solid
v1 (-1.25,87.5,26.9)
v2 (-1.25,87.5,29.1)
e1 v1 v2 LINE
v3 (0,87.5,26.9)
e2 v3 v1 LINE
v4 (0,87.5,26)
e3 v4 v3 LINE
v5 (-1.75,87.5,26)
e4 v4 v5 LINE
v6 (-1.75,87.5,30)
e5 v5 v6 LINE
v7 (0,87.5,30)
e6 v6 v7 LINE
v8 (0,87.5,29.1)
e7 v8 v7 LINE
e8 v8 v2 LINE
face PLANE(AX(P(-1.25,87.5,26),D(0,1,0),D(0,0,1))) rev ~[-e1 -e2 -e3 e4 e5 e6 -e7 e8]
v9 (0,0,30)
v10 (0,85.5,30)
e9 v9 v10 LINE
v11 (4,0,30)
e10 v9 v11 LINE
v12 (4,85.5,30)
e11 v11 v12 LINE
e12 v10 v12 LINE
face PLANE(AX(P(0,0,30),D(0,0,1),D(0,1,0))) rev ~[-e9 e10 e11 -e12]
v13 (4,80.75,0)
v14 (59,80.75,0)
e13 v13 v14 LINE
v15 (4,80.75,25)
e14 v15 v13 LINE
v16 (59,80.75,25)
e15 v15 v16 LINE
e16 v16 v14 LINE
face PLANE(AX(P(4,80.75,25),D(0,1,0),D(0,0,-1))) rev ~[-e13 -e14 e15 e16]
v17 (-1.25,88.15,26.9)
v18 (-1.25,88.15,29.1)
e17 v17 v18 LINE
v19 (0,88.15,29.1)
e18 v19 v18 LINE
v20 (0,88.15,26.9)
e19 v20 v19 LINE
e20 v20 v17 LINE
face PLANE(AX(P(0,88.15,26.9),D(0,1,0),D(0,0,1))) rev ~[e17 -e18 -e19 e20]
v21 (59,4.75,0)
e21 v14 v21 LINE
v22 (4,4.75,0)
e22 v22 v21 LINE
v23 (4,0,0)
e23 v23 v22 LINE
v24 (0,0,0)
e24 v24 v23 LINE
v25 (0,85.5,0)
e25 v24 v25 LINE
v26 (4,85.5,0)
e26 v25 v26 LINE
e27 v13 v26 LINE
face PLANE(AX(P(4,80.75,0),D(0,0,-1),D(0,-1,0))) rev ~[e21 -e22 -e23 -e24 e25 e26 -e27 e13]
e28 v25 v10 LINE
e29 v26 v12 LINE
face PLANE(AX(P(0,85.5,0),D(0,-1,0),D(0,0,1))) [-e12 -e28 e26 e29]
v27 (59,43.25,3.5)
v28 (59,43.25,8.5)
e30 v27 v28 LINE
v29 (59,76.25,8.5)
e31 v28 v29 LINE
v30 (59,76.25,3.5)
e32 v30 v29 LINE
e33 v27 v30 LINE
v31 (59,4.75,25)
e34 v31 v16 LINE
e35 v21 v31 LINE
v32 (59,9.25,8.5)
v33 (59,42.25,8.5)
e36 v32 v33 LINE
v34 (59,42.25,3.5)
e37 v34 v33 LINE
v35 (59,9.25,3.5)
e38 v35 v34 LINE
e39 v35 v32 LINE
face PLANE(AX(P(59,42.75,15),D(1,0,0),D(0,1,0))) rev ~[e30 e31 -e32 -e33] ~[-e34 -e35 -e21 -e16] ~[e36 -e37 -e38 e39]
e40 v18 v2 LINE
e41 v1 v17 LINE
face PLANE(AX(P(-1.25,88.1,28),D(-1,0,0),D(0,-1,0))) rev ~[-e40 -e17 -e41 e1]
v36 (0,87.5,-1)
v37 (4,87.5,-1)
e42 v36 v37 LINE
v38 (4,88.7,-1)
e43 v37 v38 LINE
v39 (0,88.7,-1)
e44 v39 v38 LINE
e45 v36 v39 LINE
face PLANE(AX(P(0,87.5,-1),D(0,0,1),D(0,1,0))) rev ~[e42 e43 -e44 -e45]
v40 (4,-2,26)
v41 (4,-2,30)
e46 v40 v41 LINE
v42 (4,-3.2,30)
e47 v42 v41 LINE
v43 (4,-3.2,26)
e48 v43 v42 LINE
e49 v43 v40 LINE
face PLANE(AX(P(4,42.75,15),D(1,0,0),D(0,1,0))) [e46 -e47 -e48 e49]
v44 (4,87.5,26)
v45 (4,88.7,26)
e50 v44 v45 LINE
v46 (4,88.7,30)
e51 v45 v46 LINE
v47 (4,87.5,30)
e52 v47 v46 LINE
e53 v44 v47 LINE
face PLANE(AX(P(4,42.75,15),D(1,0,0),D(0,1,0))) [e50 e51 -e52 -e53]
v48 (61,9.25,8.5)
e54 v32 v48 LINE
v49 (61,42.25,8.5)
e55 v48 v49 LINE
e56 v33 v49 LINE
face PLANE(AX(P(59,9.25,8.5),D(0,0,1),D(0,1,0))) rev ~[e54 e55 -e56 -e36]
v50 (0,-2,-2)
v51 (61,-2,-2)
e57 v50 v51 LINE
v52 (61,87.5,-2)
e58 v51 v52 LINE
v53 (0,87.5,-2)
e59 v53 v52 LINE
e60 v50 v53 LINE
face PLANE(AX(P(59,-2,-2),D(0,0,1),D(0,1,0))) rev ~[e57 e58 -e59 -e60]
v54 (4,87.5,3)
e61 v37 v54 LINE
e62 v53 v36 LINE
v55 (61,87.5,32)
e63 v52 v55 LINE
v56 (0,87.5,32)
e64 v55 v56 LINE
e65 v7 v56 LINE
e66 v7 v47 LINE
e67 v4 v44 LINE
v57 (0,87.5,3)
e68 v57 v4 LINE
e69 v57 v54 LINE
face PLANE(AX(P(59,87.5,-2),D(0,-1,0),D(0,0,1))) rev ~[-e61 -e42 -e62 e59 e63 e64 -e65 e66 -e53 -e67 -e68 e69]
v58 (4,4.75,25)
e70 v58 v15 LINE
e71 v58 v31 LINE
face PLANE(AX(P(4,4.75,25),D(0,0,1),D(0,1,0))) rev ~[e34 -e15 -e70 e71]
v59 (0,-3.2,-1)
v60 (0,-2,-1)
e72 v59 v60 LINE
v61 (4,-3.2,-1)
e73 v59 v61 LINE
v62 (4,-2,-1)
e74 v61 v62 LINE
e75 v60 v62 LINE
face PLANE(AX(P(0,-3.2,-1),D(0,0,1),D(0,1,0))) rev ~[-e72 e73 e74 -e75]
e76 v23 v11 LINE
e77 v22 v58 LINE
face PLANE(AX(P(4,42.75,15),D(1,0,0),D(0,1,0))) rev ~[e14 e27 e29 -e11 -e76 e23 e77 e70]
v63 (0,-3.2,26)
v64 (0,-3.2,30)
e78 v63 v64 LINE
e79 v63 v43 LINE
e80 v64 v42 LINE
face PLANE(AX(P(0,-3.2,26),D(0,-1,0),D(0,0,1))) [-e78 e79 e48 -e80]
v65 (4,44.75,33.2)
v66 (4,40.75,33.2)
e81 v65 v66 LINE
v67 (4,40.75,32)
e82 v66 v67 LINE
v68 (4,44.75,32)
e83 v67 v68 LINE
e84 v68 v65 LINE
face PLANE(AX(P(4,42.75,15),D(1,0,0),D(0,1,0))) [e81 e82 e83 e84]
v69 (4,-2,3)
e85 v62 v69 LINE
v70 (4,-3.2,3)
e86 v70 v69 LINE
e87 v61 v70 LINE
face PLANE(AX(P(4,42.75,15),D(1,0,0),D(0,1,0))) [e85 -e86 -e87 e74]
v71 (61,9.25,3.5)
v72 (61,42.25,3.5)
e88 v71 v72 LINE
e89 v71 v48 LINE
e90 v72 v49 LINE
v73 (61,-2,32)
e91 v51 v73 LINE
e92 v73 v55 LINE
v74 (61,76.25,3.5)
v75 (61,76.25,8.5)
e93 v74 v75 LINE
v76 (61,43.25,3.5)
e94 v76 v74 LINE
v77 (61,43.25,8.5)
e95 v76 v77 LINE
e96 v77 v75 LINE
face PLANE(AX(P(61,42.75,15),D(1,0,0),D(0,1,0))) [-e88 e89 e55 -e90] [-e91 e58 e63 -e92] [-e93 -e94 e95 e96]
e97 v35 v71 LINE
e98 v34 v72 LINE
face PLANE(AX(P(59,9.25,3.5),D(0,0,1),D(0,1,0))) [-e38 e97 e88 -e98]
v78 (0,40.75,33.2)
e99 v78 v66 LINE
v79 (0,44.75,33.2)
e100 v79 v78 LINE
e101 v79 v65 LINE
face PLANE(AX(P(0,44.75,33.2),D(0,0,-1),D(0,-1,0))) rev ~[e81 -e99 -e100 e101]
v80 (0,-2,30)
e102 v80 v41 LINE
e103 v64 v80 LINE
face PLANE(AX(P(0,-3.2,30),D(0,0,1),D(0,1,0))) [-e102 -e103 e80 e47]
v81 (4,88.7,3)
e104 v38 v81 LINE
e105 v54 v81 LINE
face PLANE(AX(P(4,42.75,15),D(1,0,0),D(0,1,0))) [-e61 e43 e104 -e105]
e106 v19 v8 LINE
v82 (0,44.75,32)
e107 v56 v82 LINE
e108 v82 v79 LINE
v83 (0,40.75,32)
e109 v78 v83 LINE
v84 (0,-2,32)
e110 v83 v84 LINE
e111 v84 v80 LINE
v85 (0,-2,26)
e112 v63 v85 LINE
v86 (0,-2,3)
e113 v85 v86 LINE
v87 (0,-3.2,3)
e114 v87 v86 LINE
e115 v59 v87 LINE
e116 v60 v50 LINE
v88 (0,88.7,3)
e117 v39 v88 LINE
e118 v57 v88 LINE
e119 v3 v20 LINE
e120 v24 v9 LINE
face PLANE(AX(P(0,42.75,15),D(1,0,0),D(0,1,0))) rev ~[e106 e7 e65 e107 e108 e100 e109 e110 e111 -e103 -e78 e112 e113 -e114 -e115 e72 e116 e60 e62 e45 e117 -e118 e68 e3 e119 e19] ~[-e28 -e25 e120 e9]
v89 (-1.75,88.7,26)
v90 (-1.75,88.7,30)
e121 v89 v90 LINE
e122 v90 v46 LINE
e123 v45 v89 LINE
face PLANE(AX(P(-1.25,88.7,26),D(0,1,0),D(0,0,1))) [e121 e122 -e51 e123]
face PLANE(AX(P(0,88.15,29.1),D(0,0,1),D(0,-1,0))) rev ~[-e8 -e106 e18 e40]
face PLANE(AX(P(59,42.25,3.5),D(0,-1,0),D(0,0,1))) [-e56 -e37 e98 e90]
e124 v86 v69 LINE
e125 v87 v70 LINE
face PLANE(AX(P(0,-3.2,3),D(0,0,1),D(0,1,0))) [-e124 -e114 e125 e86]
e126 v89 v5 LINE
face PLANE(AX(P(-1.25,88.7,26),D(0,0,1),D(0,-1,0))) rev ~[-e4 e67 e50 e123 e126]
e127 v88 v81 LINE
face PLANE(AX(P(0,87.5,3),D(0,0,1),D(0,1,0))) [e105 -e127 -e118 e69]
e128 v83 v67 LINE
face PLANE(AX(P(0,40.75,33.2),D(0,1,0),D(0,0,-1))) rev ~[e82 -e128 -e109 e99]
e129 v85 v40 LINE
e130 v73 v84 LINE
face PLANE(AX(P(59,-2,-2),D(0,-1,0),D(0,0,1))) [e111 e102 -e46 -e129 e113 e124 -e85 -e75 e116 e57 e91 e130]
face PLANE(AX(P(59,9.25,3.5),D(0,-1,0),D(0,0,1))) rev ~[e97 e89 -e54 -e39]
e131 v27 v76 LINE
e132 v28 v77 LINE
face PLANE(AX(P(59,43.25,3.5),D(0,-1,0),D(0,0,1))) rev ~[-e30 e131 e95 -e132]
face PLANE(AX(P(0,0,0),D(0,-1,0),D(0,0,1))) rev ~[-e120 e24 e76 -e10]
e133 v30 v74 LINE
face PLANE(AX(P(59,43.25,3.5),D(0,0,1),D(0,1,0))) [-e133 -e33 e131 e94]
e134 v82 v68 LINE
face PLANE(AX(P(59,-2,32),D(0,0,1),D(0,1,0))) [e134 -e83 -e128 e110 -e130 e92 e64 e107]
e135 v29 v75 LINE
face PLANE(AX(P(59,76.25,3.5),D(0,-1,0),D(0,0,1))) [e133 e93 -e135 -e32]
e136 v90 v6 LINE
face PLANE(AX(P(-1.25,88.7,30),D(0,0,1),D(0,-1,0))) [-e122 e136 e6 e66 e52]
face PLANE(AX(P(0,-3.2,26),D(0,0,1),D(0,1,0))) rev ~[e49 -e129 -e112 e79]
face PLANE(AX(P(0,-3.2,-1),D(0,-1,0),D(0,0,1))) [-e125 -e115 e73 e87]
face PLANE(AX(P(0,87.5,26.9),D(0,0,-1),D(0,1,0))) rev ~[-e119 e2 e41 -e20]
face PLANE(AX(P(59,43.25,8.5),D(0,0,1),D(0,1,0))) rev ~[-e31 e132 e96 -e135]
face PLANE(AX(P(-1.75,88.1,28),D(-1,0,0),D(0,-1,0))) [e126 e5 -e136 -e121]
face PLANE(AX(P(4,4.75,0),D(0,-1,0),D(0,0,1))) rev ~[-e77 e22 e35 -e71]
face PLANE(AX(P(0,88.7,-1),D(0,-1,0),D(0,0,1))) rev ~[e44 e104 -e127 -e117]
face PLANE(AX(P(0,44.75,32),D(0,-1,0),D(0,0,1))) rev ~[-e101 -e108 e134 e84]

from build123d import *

# Parameters (mm, degrees)
F0_W     = 85.5
F0_H     = 30
F0_W_2   = 1.2
F0_H_2   = 4
F1_DEPTH = 4
F2_W     = 89.5
F2_H     = 34
F3_DEPTH = 55
F4_W     = 89.5
F4_H     = 34
F4_W_2   = 33
F4_H_2   = 5
F5_DEPTH = 2
F7_DEPTH = 1.25
F8_W     = 1.2
F8_H     = 4
F9_DEPTH = 0.5


with BuildPart() as f1:
    # F0 (on Right) → F1 (new body)
    with BuildSketch(Plane.YZ):
        Polygon((40.75, 32), (-2, 32), (-2, 30), (-2, 26), (-2, 3), (-2, -1), (-2, -2), (87.5, -2), (87.5, -1), (87.5, 3), (87.5, 26), (87.5, 30), (87.5, 32), (44.75, 32), align=None)
        with Locations((42.75, 15)):
            Rectangle(F0_W, F0_H, mode=Mode.SUBTRACT)
        Polygon((40.75, 33.2), (40.75, 32), (44.75, 32), (44.75, 33.2), (42.75, 33.2), align=None)
        with Locations((-2.6, 28)):
            Rectangle(F0_W_2, F0_H_2)
        with Locations((-2.6, 1)):
            Rectangle(F0_W_2, F0_H_2)
        with Locations((88.1, 28)):
            Rectangle(F0_W_2, F0_H_2)
        with Locations((88.1, 1)):
            Rectangle(F0_W_2, F0_H_2)
    extrude(amount=F1_DEPTH)

    # F2 (on face) → F3 (join)
    with BuildSketch(Plane.YZ.offset(4)):
        with Locations((42.75, 15)):
            Rectangle(F2_W, F2_H)
        Polygon((42.75, 0), (4.75, 0), (4.75, 25), (42.75, 25), (80.75, 25), (80.75, 0), align=None, mode=Mode.SUBTRACT)
    extrude(amount=F3_DEPTH)

    # F4 (on face) → F5 (join)
    with BuildSketch(Plane.YZ.offset(59)):
        with Locations((42.75, 15)):
            Rectangle(F4_W, F4_H)
        with Locations((25.75, 6)):
            Rectangle(F4_W_2, F4_H_2, mode=Mode.SUBTRACT)
        with Locations((59.75, 6)):
            Rectangle(F4_W_2, F4_H_2, mode=Mode.SUBTRACT)
    extrude(amount=F5_DEPTH)

    # F6 (on face) → F7 (join)
    with BuildSketch(Plane(origin=(0, 0, 0), x_dir=(0, -1, 0), z_dir=(-1, 0, 0))):
        Polygon((-87.5, 29.1), (-87.5, 30), (-88.7, 30), (-88.7, 26), (-87.5, 26), (-87.5, 26.9), (-88.15, 26.9), (-88.15, 29.1), align=None)
    extrude(amount=F7_DEPTH)

    # F8 (on face) → F9 (join)
    with BuildSketch(Plane(origin=(-1.25, 0, 0), x_dir=(0, -1, 0), z_dir=(-1, 0, 0))):
        with Locations((-88.1, 28)):
            Rectangle(F8_W, F8_H)
    extrude(amount=F9_DEPTH)


solid = f1.part
